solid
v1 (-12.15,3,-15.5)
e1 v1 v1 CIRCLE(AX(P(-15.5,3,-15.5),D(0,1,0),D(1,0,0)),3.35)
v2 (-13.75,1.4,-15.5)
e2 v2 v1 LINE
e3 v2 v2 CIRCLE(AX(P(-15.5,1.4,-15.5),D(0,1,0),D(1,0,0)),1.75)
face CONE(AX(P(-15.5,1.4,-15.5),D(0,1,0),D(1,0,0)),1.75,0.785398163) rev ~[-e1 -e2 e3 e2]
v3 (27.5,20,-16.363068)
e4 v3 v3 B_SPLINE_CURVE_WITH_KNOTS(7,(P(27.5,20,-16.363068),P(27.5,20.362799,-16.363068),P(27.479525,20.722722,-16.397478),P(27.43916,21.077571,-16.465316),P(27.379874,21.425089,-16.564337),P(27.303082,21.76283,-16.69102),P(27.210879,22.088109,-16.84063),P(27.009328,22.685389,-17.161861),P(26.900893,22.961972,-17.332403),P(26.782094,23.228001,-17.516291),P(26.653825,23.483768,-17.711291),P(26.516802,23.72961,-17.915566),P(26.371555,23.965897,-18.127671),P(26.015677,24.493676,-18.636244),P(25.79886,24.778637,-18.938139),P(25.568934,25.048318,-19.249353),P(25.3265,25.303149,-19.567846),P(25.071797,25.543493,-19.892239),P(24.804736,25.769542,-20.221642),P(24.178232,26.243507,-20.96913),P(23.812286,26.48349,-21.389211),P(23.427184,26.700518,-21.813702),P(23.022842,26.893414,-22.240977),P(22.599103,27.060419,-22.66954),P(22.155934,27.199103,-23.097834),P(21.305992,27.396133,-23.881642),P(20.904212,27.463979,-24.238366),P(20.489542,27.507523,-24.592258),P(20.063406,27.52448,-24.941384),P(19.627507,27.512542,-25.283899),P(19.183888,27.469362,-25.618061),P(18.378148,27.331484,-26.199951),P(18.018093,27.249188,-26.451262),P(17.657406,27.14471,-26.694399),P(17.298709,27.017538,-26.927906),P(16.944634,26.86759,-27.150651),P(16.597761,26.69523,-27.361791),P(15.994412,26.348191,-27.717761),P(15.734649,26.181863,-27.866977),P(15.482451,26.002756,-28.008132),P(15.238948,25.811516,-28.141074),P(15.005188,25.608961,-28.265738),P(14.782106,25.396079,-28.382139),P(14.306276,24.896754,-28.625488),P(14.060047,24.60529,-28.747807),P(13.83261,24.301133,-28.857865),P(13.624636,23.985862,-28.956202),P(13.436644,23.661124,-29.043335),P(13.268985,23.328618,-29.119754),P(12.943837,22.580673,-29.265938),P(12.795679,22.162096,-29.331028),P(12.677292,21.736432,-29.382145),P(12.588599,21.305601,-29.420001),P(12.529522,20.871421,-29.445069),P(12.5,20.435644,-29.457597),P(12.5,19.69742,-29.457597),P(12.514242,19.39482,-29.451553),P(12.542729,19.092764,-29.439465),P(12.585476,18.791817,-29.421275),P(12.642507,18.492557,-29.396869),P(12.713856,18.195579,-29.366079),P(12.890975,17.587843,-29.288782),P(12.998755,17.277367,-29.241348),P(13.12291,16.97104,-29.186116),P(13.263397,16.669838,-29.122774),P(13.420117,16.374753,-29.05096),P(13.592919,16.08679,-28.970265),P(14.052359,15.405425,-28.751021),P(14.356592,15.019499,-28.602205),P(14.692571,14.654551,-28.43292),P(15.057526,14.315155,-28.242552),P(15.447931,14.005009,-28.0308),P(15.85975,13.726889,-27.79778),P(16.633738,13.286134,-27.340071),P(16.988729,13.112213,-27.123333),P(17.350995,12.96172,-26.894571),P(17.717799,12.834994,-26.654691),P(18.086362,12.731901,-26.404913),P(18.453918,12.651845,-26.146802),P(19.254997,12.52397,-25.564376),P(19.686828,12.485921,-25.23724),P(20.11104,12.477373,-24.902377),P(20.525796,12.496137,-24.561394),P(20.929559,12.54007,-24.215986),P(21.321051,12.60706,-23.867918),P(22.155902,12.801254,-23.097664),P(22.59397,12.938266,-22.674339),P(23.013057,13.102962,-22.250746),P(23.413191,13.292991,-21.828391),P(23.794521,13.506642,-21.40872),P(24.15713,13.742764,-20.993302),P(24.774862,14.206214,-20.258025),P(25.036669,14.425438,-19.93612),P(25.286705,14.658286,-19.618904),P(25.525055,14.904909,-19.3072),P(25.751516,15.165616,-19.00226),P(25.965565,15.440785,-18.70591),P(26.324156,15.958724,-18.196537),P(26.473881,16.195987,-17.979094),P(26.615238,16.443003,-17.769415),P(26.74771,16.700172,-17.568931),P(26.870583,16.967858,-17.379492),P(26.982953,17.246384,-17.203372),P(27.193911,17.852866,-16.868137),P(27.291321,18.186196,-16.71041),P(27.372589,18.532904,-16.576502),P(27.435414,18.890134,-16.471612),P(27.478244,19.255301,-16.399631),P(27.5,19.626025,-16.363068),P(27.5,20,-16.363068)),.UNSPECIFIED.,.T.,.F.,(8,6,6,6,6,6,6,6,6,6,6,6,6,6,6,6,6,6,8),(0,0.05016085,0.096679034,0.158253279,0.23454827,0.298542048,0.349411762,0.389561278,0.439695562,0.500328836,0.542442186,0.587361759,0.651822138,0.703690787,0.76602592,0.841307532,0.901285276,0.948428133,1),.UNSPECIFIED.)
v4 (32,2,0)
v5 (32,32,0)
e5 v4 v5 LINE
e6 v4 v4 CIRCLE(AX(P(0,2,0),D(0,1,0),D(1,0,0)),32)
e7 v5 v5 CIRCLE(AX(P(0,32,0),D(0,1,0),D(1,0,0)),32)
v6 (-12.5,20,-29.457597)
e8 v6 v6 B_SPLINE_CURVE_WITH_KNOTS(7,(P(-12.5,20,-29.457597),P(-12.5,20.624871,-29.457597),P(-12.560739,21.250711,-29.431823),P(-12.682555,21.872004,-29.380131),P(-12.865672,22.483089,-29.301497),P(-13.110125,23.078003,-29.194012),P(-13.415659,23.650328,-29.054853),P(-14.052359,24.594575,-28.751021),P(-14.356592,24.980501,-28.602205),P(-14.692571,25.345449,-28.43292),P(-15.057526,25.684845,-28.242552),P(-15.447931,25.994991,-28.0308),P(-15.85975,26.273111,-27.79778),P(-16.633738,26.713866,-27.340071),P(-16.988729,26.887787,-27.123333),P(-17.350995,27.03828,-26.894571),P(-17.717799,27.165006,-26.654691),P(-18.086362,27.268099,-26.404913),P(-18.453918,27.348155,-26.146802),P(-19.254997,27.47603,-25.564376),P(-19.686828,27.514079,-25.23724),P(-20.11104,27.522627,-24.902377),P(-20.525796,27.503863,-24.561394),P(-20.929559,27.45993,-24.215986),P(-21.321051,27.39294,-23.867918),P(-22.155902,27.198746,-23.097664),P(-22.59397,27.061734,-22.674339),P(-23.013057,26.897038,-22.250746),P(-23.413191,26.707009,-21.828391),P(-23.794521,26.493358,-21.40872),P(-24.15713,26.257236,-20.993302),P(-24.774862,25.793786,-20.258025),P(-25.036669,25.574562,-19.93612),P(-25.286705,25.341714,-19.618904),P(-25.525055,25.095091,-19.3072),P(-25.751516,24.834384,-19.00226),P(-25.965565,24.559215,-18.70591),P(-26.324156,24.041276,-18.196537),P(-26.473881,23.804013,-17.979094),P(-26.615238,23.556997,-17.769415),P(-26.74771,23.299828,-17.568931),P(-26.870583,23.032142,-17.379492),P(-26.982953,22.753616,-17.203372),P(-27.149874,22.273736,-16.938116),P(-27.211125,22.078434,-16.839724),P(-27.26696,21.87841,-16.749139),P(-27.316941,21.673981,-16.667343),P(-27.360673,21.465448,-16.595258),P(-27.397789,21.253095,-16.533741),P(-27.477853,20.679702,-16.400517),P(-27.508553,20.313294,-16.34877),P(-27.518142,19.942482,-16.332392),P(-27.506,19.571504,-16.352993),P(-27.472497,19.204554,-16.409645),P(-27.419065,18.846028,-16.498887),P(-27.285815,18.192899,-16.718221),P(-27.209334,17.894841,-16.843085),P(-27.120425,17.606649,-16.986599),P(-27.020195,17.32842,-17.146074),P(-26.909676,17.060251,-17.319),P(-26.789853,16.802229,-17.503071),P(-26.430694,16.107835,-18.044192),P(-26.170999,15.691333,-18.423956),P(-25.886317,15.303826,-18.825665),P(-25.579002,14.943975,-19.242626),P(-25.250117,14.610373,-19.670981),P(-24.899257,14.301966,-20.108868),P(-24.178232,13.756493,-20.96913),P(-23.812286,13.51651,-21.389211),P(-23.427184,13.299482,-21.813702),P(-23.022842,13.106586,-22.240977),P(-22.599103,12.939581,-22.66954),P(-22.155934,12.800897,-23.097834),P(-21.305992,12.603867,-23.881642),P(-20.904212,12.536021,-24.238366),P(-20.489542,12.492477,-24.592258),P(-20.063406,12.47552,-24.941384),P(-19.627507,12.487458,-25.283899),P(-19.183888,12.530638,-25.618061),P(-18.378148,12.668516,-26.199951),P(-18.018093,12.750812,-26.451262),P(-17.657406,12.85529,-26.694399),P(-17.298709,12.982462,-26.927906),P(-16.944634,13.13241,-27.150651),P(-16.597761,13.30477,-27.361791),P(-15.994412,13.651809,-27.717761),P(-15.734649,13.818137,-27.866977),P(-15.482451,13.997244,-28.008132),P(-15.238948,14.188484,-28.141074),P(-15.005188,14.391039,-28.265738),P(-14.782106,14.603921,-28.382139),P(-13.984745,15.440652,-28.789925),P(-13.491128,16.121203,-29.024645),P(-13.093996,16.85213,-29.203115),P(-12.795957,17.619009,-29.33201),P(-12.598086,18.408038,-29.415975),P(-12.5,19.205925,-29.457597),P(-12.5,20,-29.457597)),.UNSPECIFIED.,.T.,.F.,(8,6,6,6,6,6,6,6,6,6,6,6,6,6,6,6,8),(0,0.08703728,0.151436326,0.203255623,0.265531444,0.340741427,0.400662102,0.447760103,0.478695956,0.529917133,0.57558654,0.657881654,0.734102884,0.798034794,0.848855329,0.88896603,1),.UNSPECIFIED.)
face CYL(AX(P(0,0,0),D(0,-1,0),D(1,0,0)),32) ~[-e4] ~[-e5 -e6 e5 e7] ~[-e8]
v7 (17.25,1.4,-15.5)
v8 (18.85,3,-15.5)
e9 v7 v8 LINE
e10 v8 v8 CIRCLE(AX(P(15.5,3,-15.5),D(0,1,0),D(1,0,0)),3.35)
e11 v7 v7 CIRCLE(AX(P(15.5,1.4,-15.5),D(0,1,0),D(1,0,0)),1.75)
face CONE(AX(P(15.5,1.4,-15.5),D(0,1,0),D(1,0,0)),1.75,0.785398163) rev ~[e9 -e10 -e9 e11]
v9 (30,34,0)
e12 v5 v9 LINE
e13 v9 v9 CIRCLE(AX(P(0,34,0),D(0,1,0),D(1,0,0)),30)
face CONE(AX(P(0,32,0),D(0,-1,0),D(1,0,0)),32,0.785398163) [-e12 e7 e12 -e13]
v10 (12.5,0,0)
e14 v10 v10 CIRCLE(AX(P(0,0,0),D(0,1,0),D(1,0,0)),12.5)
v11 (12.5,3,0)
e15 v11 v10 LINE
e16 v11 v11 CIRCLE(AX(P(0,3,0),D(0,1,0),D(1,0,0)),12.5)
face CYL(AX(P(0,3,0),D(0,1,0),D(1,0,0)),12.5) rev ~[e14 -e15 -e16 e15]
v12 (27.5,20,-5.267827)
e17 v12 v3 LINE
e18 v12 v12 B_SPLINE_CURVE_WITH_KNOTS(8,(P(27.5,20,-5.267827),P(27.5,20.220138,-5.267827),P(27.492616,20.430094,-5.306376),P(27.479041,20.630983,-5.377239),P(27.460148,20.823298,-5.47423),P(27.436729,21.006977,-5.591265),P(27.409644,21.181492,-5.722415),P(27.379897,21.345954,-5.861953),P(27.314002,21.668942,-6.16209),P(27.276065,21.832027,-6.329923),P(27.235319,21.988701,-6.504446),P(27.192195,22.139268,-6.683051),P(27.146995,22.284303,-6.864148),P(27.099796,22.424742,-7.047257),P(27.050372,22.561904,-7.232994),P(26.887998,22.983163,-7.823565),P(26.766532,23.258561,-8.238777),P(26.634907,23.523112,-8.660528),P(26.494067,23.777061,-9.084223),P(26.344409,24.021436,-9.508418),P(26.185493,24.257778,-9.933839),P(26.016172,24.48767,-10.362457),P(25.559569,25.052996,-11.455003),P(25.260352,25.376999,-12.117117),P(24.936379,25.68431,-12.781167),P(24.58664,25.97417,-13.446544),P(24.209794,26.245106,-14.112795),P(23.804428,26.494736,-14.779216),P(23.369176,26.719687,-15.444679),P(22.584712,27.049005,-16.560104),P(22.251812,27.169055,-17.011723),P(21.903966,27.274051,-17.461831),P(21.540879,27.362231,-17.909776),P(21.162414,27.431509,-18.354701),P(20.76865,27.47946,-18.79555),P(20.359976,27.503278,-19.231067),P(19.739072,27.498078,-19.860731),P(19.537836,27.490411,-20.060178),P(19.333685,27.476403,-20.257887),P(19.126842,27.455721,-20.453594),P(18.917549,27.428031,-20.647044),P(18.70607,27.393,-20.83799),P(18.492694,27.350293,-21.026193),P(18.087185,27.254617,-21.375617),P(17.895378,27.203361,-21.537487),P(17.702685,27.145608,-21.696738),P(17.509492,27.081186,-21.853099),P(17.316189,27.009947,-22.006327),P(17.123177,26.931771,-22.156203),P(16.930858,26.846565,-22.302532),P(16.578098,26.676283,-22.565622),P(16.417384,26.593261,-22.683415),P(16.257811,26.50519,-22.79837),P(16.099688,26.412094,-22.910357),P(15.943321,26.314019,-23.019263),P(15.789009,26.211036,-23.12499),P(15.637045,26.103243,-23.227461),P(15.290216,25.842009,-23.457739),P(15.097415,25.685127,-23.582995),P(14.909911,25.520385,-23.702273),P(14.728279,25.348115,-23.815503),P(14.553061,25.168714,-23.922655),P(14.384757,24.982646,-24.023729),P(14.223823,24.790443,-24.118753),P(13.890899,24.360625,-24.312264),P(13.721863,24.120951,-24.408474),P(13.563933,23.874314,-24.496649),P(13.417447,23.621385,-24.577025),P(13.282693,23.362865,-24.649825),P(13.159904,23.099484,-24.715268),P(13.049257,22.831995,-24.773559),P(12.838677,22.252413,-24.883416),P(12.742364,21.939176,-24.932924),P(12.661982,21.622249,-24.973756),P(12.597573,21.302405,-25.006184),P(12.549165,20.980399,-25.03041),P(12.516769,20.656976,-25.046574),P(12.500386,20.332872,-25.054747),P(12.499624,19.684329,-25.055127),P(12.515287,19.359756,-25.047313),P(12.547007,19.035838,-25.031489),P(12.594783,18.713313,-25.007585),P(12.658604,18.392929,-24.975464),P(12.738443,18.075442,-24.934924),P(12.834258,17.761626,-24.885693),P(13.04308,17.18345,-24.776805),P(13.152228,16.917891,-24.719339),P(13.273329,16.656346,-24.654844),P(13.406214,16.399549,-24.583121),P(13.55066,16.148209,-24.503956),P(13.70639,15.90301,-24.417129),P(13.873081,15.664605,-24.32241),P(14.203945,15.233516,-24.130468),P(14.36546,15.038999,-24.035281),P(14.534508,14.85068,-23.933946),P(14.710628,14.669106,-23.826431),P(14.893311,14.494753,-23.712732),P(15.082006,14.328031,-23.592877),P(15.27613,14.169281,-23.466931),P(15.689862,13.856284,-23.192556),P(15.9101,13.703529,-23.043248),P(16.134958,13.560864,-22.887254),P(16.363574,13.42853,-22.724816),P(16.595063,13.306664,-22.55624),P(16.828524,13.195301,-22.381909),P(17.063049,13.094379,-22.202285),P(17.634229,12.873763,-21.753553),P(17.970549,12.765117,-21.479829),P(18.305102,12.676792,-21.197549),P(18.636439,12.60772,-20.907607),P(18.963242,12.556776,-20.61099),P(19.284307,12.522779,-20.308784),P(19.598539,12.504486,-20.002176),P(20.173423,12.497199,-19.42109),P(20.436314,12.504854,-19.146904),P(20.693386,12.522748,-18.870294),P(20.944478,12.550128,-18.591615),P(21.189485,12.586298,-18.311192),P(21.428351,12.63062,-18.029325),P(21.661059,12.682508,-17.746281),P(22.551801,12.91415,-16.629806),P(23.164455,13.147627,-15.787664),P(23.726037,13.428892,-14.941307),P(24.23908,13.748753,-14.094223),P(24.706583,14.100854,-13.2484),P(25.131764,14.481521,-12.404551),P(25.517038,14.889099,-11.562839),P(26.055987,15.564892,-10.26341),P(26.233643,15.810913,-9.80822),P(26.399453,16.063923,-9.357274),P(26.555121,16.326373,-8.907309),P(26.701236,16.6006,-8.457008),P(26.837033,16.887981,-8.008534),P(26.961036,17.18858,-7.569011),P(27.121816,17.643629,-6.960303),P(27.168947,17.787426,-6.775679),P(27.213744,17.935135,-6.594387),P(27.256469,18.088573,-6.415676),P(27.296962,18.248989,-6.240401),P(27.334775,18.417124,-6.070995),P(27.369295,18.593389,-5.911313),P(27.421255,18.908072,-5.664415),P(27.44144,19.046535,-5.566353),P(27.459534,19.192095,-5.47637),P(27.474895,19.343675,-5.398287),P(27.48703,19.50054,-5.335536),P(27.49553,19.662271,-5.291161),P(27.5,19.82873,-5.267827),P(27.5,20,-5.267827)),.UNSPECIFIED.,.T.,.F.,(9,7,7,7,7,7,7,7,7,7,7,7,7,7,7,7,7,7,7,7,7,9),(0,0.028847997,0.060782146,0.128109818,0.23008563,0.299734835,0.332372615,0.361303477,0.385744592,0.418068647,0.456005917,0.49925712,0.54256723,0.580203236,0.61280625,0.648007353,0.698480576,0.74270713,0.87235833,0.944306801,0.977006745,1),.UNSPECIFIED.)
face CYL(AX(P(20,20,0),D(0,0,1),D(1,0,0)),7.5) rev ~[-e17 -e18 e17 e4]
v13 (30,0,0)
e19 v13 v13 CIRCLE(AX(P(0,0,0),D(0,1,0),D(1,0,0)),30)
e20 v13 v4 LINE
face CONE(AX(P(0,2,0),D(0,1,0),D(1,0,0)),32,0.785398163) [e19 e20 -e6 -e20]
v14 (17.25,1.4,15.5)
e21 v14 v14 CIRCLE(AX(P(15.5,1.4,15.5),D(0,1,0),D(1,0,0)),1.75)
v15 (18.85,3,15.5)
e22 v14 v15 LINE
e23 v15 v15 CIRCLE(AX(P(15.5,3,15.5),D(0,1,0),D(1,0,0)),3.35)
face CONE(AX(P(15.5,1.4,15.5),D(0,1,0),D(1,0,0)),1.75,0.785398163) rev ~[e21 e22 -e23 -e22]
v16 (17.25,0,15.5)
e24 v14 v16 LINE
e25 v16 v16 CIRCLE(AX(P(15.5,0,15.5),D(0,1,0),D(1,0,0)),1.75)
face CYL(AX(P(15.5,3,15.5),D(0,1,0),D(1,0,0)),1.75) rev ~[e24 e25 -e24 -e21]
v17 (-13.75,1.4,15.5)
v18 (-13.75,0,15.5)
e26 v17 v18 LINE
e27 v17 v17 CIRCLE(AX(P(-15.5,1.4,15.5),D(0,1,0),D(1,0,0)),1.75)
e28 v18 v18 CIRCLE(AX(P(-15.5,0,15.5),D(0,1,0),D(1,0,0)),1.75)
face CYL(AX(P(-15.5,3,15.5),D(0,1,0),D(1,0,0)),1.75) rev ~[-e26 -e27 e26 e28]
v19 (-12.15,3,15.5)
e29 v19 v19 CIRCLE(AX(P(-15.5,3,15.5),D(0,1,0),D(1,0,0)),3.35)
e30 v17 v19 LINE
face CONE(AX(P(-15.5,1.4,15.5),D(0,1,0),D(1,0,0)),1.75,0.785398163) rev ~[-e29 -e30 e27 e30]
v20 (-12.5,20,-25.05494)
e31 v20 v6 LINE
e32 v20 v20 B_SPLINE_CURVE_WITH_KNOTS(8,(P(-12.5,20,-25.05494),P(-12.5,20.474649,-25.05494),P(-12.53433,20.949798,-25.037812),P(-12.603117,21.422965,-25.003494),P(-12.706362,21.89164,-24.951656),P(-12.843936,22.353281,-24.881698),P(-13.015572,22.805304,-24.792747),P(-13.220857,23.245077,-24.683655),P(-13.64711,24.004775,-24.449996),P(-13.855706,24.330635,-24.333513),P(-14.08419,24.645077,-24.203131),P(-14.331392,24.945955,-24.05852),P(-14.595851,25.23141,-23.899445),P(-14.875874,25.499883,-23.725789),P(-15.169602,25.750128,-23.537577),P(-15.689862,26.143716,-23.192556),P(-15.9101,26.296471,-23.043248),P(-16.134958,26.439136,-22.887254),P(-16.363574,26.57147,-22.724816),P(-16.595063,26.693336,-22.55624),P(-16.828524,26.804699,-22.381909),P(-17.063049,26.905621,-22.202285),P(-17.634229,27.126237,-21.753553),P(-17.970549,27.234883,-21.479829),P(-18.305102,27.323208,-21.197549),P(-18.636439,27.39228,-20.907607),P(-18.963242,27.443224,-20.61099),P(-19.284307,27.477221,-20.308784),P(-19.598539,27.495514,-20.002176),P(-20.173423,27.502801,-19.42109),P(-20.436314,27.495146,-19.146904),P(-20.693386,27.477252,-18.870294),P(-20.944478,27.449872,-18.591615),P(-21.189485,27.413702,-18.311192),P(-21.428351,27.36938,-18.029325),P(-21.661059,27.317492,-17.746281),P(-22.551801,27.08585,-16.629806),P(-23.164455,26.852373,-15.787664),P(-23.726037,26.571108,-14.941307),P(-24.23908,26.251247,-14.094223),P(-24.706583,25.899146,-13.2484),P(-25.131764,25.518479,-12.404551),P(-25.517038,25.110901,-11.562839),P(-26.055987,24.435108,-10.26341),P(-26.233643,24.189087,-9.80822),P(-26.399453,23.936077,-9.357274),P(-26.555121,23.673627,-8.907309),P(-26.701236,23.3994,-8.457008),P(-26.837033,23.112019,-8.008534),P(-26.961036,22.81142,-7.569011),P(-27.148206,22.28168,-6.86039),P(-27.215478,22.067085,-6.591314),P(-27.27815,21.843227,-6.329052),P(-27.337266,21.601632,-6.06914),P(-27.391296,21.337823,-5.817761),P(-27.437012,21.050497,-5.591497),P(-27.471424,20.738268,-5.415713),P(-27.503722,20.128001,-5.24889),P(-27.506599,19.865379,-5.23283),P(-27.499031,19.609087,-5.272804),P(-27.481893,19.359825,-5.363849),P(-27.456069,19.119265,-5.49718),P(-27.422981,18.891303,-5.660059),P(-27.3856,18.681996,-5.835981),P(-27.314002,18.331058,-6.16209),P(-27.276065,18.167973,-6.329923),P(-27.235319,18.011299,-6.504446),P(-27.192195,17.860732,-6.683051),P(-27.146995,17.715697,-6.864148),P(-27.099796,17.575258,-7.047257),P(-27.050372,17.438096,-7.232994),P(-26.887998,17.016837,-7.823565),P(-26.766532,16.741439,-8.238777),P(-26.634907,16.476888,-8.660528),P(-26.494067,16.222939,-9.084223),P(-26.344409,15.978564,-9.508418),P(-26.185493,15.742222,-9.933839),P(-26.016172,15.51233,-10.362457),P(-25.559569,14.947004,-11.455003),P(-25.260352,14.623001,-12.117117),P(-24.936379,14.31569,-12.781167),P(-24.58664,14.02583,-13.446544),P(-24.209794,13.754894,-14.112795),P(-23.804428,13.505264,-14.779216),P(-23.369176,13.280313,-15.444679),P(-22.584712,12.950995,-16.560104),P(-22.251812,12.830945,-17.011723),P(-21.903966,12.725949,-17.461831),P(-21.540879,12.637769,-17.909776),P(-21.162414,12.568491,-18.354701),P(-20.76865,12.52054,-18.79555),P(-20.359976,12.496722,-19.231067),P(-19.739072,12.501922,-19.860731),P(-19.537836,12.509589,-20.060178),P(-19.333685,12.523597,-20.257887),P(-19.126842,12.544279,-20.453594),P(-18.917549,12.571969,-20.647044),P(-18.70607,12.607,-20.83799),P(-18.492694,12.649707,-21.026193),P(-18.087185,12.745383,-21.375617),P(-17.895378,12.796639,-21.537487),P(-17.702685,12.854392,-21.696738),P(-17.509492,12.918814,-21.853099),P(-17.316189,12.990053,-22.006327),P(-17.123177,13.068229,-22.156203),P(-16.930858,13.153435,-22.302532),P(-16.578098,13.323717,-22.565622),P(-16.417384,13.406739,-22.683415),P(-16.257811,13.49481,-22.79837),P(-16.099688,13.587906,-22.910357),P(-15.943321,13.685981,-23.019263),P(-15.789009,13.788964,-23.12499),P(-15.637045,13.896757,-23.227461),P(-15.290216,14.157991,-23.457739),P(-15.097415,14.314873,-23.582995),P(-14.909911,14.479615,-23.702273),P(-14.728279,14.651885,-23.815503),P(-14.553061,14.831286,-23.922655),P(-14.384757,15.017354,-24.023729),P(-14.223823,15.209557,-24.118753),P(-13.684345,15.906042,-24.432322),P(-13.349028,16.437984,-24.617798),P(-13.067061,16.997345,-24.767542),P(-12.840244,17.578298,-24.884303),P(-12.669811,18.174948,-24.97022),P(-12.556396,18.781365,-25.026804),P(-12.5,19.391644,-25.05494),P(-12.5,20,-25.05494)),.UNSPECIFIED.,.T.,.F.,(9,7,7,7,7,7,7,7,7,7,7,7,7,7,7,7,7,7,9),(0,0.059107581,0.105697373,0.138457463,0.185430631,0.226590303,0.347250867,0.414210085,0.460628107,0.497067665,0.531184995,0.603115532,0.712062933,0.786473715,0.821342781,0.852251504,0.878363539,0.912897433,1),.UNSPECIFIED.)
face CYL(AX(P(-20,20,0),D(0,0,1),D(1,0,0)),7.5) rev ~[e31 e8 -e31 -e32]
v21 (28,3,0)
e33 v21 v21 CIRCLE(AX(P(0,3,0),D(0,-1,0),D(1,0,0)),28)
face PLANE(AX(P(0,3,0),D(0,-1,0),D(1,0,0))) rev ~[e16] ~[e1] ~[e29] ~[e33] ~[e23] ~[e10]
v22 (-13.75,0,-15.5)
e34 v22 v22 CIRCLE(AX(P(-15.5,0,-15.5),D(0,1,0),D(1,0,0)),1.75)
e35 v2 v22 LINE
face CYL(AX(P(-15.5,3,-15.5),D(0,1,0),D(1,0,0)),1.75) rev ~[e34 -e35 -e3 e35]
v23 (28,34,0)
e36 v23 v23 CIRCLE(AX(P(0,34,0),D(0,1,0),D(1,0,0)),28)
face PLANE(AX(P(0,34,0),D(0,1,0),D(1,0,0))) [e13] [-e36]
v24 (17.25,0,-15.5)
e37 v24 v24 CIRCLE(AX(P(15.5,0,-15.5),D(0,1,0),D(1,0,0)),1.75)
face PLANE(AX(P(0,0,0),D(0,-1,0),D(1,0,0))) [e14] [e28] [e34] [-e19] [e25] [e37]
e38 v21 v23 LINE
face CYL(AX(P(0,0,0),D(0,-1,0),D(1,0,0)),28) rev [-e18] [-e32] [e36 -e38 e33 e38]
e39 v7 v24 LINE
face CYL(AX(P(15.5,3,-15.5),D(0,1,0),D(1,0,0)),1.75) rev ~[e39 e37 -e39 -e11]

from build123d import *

# Parameters (mm, degrees)
SKETCH2_R           = 32
SKETCH2_R_2         = 28
BOSS_EXTRUDE1_DEPTH = 34
SKETCH3_R           = 28
BOSS_EXTRUDE2_DEPTH = 3
SKETCH4_R           = 12.5
CUT_EXTRUDE1_DEPTH  = 3
SKETCH5_R           = 2.6
SKETCH5_R_2         = 1.75
CUT_EXTRUDE2_DEPTH  = 4
CHAMFER1_SIZE       = 1.6
CHAMFER2_SIZE       = 2
CHAMFER3_SIZE       = 2
SKETCH7_R           = 7.5
CUT_EXTRUDE4_DEPTH  = 33


with BuildPart() as part:
    # Sketch2 → Boss-Extrude1 (new body)
    with BuildSketch(Plane(origin=(0, 0, 0), x_dir=(1, 0, 0), z_dir=(0, 1, 0))):
        Circle(SKETCH2_R)
        Circle(SKETCH2_R_2, mode=Mode.SUBTRACT)
    extrude(amount=BOSS_EXTRUDE1_DEPTH)

    # Sketch3 → Boss-Extrude2 (add)
    with BuildSketch(Plane.XZ):
        Circle(SKETCH3_R)
    extrude(amount=-BOSS_EXTRUDE2_DEPTH)

    # Sketch4 → Cut-Extrude1 (cut)
    with BuildSketch(Plane(origin=(0, 3, 0), x_dir=(1, 0, 0), z_dir=(0, 1, 0))):
        Circle(SKETCH4_R)
    extrude(amount=-CUT_EXTRUDE1_DEPTH, mode=Mode.SUBTRACT)

    # Sketch5 → Cut-Extrude2 (cut, through all)
    with BuildSketch(Plane(origin=(0, 3, 0), x_dir=(1, 0, 0), z_dir=(0, 1, 0))):
        Circle(SKETCH5_R)
        with Locations((-15.5, 15.5)):
            Circle(SKETCH5_R_2)
        with Locations((15.5, 15.5)):
            Circle(SKETCH5_R_2)
        with Locations((-15.5, -15.5)):
            Circle(SKETCH5_R_2)
        with Locations((15.5, -15.5)):
            Circle(SKETCH5_R_2)
    extrude(amount=-CUT_EXTRUDE2_DEPTH, mode=Mode.SUBTRACT)

    # Chamfer1
    chamfer1_edges = [part.edges().sort_by_distance(p)[0] for p in [
        (13.75, 3, 15.5),
        (-17.25, 3, 15.5),
        (13.75, 3, -15.5),
        (-17.25, 3, -15.5),
    ]]
    chamfer(chamfer1_edges, length=CHAMFER1_SIZE)

    # Chamfer2
    chamfer2_edges = [part.edges().sort_by_distance(p)[0] for p in [
        (-32, 0, 0),
    ]]
    chamfer(chamfer2_edges, length=CHAMFER2_SIZE)

    # Chamfer3
    chamfer3_edges = [part.edges().sort_by_distance(p)[0] for p in [
        (-32, 34, 0),
    ]]
    chamfer(chamfer3_edges, length=CHAMFER3_SIZE)

    # Sketch7 → Cut-Extrude4 (cut, through all)
    with BuildSketch(Plane.XY):
        with Locations((-20, 20)):
            Circle(SKETCH7_R)
        with Locations((20, 20)):
            Circle(SKETCH7_R)
    extrude(amount=-CUT_EXTRUDE4_DEPTH, mode=Mode.SUBTRACT)


solid = part.part
